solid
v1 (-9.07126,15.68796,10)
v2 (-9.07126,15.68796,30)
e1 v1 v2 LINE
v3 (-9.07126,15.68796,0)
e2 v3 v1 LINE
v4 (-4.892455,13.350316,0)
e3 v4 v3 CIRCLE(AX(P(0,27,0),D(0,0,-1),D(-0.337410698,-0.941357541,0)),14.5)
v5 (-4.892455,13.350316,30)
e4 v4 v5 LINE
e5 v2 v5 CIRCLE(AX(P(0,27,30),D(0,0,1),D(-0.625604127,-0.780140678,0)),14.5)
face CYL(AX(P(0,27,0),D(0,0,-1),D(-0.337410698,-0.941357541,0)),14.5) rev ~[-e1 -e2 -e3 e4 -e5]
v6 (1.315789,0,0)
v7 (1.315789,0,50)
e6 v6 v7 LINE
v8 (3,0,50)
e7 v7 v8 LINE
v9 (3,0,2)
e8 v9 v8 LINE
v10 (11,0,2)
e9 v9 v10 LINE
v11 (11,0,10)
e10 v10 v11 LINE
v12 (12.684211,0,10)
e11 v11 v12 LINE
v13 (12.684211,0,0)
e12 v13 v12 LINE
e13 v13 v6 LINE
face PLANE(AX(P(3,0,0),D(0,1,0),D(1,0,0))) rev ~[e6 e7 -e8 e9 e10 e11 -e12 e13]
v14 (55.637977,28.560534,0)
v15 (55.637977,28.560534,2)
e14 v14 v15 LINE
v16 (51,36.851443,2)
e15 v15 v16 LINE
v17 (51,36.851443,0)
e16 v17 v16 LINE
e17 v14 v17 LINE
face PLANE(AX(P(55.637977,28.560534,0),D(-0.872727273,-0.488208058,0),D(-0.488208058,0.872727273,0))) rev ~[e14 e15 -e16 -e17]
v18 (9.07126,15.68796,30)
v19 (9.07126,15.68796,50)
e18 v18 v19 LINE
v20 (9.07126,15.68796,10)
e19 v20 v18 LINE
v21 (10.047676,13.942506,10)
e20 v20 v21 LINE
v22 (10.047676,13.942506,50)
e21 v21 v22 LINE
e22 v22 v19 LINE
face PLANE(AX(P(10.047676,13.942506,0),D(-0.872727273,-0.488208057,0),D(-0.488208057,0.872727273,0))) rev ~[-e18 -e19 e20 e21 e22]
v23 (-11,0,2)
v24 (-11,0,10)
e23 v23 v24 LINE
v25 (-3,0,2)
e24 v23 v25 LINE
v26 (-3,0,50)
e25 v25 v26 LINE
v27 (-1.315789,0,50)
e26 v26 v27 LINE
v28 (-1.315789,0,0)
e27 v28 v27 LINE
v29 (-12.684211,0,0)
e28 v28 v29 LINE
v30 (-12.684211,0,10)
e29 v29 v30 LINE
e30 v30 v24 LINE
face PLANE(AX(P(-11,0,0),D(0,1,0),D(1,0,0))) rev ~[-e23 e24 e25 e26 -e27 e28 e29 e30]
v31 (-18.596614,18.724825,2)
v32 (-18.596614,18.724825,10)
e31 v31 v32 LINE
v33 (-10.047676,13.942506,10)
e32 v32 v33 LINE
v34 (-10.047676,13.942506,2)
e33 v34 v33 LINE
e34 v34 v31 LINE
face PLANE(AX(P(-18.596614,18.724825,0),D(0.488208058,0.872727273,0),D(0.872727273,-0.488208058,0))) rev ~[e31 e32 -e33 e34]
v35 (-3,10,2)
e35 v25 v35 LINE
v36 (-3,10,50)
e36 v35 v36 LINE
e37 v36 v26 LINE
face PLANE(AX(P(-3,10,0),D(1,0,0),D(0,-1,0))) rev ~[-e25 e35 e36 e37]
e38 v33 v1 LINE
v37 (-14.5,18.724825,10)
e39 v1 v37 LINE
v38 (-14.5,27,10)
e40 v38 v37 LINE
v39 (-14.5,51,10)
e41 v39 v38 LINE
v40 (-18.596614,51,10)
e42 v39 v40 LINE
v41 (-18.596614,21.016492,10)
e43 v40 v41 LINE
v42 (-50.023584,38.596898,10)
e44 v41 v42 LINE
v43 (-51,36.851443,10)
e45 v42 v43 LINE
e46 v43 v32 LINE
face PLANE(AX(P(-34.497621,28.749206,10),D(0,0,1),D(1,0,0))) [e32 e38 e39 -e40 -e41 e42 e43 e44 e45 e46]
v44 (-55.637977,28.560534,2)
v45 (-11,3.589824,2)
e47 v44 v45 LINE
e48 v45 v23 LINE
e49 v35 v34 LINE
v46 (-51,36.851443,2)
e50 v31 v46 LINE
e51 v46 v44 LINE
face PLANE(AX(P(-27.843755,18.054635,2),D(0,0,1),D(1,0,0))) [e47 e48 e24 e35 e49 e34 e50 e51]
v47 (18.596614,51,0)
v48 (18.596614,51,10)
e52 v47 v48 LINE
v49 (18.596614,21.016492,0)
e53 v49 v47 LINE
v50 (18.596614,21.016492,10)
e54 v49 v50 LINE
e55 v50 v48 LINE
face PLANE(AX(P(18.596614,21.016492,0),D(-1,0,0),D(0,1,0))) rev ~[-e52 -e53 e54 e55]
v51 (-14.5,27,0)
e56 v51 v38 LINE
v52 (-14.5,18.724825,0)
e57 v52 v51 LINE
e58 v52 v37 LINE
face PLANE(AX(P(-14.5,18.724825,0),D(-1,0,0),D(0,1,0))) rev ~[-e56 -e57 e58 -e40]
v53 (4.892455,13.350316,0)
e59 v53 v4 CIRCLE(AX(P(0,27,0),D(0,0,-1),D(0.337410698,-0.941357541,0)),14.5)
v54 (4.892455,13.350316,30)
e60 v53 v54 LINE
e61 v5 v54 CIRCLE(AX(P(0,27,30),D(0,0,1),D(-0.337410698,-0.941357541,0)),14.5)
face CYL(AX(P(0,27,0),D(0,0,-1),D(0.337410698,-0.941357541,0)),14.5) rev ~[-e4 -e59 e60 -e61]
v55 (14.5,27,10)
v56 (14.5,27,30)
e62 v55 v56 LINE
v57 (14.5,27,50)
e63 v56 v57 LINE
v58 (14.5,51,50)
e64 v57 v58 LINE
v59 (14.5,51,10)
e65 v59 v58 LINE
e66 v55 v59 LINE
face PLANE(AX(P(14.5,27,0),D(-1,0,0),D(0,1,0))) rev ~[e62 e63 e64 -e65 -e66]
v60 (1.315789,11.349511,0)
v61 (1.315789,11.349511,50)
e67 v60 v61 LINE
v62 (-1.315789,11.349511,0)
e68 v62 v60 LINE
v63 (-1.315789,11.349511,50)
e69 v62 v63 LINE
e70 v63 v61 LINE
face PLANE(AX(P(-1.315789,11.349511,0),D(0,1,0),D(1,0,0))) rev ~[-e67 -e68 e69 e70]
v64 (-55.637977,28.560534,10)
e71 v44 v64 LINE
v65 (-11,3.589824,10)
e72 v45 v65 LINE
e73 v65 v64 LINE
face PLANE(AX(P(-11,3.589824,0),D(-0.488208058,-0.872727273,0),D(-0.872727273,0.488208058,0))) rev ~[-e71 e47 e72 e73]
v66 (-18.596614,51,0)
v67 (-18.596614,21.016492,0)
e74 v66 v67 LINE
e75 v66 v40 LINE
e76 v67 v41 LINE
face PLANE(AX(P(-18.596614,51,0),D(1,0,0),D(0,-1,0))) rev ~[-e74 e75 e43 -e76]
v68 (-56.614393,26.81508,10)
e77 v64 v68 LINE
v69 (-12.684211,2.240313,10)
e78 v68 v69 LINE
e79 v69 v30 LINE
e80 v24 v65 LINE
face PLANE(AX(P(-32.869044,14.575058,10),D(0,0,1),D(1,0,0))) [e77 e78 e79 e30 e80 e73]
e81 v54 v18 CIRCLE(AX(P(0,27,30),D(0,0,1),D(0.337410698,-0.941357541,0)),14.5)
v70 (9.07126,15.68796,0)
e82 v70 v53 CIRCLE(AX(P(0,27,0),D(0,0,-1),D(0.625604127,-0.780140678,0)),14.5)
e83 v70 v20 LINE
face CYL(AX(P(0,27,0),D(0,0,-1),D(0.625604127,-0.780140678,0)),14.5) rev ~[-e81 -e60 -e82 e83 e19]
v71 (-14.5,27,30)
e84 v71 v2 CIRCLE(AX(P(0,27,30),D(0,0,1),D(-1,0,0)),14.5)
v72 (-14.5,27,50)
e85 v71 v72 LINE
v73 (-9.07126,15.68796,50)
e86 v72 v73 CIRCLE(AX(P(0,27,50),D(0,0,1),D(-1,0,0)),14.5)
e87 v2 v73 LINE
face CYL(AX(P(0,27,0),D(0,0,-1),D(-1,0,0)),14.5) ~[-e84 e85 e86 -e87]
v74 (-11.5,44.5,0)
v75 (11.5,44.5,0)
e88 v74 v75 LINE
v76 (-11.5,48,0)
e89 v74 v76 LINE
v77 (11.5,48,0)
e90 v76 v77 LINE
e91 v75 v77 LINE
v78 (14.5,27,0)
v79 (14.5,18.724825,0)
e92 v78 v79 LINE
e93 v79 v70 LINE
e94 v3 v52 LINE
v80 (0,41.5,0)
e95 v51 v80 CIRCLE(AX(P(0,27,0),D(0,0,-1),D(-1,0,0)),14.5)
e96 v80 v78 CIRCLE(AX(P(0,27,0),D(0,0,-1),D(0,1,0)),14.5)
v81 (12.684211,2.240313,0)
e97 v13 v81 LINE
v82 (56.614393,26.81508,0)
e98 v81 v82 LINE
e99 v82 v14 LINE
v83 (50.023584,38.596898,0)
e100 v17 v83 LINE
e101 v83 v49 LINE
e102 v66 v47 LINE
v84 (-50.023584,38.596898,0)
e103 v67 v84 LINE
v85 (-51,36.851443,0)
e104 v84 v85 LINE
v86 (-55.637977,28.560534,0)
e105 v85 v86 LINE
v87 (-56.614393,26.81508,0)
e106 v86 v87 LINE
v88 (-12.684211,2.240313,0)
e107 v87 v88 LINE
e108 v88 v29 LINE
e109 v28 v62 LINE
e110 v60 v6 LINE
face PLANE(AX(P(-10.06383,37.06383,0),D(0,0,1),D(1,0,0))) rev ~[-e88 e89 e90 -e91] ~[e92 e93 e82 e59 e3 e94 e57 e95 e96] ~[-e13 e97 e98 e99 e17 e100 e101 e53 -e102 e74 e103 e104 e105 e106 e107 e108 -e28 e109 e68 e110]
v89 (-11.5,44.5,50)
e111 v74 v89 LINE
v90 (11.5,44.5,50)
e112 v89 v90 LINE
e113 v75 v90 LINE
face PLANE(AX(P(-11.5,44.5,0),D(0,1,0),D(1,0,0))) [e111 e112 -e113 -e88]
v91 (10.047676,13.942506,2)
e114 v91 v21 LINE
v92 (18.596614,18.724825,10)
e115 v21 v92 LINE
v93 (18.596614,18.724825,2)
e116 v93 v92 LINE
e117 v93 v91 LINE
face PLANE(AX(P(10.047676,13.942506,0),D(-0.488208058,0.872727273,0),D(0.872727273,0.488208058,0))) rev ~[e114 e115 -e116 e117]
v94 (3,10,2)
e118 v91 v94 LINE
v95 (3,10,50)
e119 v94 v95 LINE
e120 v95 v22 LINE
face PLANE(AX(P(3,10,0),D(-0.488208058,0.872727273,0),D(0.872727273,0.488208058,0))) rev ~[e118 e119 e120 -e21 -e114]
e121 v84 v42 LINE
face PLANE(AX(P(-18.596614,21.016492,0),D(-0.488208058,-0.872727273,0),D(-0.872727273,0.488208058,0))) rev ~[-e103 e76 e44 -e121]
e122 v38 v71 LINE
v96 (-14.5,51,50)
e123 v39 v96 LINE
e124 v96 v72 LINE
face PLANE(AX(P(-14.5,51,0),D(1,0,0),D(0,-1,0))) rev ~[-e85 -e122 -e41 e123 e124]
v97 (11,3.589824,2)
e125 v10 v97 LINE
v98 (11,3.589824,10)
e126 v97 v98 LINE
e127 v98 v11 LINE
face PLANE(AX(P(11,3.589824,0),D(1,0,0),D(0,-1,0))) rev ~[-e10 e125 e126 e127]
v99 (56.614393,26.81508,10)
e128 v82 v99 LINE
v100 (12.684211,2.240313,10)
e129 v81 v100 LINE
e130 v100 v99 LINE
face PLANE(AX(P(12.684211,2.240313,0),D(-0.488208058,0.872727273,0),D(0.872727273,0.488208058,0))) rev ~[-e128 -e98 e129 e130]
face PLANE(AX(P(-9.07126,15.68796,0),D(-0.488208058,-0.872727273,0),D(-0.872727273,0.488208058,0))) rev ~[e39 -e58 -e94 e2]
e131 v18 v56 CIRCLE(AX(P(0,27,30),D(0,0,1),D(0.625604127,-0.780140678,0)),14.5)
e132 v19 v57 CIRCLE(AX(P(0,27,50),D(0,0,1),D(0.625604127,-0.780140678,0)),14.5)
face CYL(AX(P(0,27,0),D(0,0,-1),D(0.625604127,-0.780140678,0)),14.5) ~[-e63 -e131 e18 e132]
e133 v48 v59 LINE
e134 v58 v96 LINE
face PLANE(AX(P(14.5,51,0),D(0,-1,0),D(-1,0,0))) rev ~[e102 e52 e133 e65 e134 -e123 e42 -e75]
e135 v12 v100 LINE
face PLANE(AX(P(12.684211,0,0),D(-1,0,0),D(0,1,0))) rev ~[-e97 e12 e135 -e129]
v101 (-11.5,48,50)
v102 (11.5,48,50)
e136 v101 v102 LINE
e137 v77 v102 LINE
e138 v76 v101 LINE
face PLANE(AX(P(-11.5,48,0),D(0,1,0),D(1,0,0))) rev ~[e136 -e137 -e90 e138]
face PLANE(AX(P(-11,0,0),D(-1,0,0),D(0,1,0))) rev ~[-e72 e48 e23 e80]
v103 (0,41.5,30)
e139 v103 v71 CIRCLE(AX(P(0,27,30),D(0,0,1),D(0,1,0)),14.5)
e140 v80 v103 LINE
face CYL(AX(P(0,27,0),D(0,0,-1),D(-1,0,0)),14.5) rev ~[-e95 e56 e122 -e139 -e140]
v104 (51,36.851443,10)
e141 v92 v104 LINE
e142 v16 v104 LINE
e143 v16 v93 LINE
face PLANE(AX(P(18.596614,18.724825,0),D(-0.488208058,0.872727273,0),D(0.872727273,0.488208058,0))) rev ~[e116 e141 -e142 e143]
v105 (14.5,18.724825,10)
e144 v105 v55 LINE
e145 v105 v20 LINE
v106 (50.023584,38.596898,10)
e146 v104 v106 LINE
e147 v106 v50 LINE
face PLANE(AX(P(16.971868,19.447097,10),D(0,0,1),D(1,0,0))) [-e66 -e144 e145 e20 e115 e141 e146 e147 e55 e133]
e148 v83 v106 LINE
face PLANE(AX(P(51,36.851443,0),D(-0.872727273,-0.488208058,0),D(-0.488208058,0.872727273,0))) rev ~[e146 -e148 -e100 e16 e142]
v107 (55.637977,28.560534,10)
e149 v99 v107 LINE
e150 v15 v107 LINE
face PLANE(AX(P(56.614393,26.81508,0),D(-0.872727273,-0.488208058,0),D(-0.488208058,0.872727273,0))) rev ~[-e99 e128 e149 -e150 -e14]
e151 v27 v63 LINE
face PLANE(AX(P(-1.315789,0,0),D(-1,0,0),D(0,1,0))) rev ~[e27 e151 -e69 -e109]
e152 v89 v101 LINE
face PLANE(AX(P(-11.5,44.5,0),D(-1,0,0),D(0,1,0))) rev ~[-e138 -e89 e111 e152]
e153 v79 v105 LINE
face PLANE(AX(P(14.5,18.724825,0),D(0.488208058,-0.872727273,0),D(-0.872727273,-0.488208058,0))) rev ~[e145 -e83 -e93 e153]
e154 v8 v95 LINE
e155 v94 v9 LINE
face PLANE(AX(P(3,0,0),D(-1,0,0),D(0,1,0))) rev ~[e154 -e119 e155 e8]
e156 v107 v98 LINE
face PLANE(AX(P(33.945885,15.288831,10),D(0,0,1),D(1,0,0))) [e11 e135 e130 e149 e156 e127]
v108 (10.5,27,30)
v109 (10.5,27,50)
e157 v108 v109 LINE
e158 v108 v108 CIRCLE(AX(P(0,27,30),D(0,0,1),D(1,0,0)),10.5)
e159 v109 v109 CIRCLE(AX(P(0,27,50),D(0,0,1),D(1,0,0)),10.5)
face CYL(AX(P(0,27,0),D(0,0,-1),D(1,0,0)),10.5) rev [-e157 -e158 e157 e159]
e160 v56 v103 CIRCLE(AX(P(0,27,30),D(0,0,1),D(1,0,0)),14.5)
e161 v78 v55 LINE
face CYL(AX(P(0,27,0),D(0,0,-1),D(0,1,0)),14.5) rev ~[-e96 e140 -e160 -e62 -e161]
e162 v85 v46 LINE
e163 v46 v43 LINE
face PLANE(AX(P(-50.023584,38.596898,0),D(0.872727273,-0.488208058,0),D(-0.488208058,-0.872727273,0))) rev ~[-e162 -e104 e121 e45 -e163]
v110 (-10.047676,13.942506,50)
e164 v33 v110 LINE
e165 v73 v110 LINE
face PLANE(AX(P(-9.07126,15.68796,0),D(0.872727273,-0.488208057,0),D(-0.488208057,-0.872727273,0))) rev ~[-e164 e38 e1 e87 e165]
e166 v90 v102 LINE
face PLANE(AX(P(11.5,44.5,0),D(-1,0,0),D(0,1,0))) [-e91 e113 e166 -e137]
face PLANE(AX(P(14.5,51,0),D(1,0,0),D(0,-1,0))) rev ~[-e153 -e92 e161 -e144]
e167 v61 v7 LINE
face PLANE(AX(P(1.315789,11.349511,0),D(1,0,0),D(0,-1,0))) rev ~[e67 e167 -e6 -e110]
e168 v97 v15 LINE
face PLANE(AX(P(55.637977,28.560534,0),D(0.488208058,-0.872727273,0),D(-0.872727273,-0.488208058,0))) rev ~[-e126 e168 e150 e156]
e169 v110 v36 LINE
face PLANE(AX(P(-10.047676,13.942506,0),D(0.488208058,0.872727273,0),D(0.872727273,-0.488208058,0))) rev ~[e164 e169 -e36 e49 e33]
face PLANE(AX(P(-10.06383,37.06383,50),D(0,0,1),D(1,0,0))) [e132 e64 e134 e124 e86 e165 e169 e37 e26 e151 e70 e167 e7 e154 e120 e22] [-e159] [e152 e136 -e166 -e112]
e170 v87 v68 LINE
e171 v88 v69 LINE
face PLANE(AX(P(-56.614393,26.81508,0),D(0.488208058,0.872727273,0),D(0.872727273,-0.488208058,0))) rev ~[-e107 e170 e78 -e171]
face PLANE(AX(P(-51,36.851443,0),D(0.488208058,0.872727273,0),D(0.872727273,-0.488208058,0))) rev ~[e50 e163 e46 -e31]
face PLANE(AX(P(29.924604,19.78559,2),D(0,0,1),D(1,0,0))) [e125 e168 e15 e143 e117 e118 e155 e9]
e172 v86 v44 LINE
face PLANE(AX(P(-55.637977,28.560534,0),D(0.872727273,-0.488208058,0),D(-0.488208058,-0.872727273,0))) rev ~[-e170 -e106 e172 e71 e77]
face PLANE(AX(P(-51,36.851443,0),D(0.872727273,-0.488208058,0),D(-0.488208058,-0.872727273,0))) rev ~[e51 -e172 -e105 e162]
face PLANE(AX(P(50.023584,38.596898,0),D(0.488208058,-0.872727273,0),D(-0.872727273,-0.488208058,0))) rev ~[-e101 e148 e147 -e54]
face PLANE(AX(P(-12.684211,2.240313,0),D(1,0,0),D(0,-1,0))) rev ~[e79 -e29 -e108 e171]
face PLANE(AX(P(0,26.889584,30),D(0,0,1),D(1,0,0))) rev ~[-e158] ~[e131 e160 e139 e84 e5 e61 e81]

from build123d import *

# Parameters (mm, degrees)
F1_DEPTH = 10
F2_DEPTH = 2
F0_R     = 10.5
F3_DEPTH = 50
F4_DEPTH = 30
F0_W     = 23
F0_H     = 3.5
F5_DEPTH = 50


with BuildPart() as f1:
    # F0 (on Top) → F1 (new body)
    with BuildSketch(Plane.XY):
        Polygon((-12.6842105263, 0), (-11, 0), (-11, 3.5898238607), (-55.6379765465, 28.5605340733), (-56.6143926616, 26.8150795278), (-12.6842105263, 2.2403130945), align=None)
    extrude(amount=F1_DEPTH)



with BuildPart() as f1b:
    # F0 (on Top) → F1, piece 2 (new body)
    with BuildSketch(Plane.XY):
        Polygon((-51, 36.8514431642), (-18.596614075, 18.7248249248), (-18.596614075, 21.0164915914), (-50.0235838849, 38.5968977096), align=None)
        Polygon((-18.596614075, 21.0164915914), (-18.596614075, 18.7248249248), (-14.5, 18.7248249248), align=None)
        Polygon((-18.596614075, 21.0164915914), (-14.5, 18.7248249248), (-14.5, 27), (-14.5, 41.5), (-14.5, 51), (-18.596614075, 51), align=None)
        Polygon((-18.596614075, 18.7248249248), (-10.0476759502, 13.9425056295), (-9.0712598352, 15.687960175), (-14.5, 18.7248249248), align=None)
    extrude(amount=F1_DEPTH)


with BuildPart() as f1c:
    # F0 (on Top) → F1, piece 3 (new body)
    with BuildSketch(Plane.XY):
        Polygon((18.596614075, 21.0164915914), (14.5, 18.7248249248), (18.596614075, 18.7248249248), align=None)
        Polygon((18.596614075, 21.0164915914), (18.596614075, 18.7248249248), (51, 36.8514431642), (50.0235838849, 38.5968977096), align=None)
        Polygon((14.5, 51), (14.5, 41.5), (14.5, 27), (14.5, 18.7248249248), (18.596614075, 21.0164915914), (18.596614075, 51), align=None)
        Polygon((14.5, 18.7248249248), (9.0712598352, 15.687960175), (10.0476759502, 13.9425056295), (18.596614075, 18.7248249248), align=None)
    extrude(amount=F1_DEPTH)



with BuildPart() as f1d:
    # F0 (on Top) → F1, piece 4 (new body)
    with BuildSketch(Plane.XY):
        Polygon((55.6379765465, 28.5605340733), (11, 3.5898238607), (12.6842105263, 2.2403130945), (56.6143926616, 26.8150795278), align=None)
        Polygon((11, 3.5898238607), (11, 0), (12.6842105263, 0), (12.6842105263, 2.2403130945), align=None)
    extrude(amount=F1_DEPTH)


with BuildPart() as f1_1:
    add(f1.part)

    add(f1b.part)  # F2 merges F1b
    # F0 (on Top) → F2 (join)
    with BuildSketch(Plane.XY):
        Polygon((-11, 0), (-3, 0), (-3, 10), (-10.0476759502, 13.9425056295), (-18.596614075, 18.7248249248), (-51, 36.8514431642), (-55.6379765465, 28.5605340733), (-11, 3.5898238607), align=None)
    extrude(amount=F2_DEPTH)



with BuildPart() as f1c_1:
    add(f1c.part)

    add(f1d.part)  # F2#2 merges F1d
    # F0 (on Top) → F2, piece 2 (join)
    with BuildSketch(Plane.XY):
        Polygon((10.0476759502, 13.9425056295), (3, 10), (11, 3.5898238607), (55.6379765465, 28.5605340733), (51, 36.8514431642), (18.596614075, 18.7248249248), align=None)
        Polygon((3, 10), (3, 0), (11, 0), (11, 3.5898238607), align=None)
    extrude(amount=F2_DEPTH)


with BuildPart() as f1_2:
    add(f1_1.part)

    add(f1c_1.part)  # F3 merges F1c
    # F0 (on Top) → F3 (join)
    with BuildSketch(Plane.XY):
        with BuildLine():
            ThreePointArc((-14.5, 27), (-13.0725526889, 20.7263753543), (-9.0712598352, 15.687960175))
            Line((-9.0712598352, 15.687960175), (-4.8924551228, 13.3503156494))
            ThreePointArc((-4.8924551228, 13.3503156494), (0, 12.5), (4.8924551228, 13.3503156494))
            Line((4.8924551228, 13.3503156494), (9.0712598352, 15.687960175))
            ThreePointArc((9.0712598352, 15.687960175), (13.0725526889, 20.7263753543), (14.5, 27))
            ThreePointArc((14.5, 27), (10.2530483272, 37.2530483272), (0, 41.5))
            ThreePointArc((0, 41.5), (-10.2530483272, 37.2530483272), (-14.5, 27))
        make_face()
        with Locations((0, 27)):
            Circle(F0_R, mode=Mode.SUBTRACT)
        with BuildLine():
            Line((-4.8924551228, 13.3503156494), (-9.0712598352, 15.687960175))
            ThreePointArc((-9.0712598352, 15.687960175), (-7.0790168342, 14.3454545455), (-4.8924551228, 13.3503156494))
        make_face()
        with BuildLine():
            Line((9.0712598352, 15.687960175), (4.8924551228, 13.3503156494))
            ThreePointArc((4.8924551228, 13.3503156494), (7.0790168342, 14.3454545455), (9.0712598352, 15.687960175))
        make_face()
    extrude(amount=F3_DEPTH)

    # F0 (on Top) → F4 (cut)
    with BuildSketch(Plane.XY):
        with BuildLine():
            ThreePointArc((-14.5, 27), (-13.0725526889, 20.7263753543), (-9.0712598352, 15.687960175))
            Line((-9.0712598352, 15.687960175), (-4.8924551228, 13.3503156494))
            ThreePointArc((-4.8924551228, 13.3503156494), (0, 12.5), (4.8924551228, 13.3503156494))
            Line((4.8924551228, 13.3503156494), (9.0712598352, 15.687960175))
            ThreePointArc((9.0712598352, 15.687960175), (13.0725526889, 20.7263753543), (14.5, 27))
            ThreePointArc((14.5, 27), (10.2530483272, 37.2530483272), (0, 41.5))
            ThreePointArc((0, 41.5), (-10.2530483272, 37.2530483272), (-14.5, 27))
        make_face()
        with Locations((0, 27)):
            Circle(F0_R, mode=Mode.SUBTRACT)
        with BuildLine():
            Line((-4.8924551228, 13.3503156494), (-9.0712598352, 15.687960175))
            ThreePointArc((-9.0712598352, 15.687960175), (-7.0790168342, 14.3454545455), (-4.8924551228, 13.3503156494))
        make_face()
        with BuildLine():
            Line((9.0712598352, 15.687960175), (4.8924551228, 13.3503156494))
            ThreePointArc((4.8924551228, 13.3503156494), (7.0790168342, 14.3454545455), (9.0712598352, 15.687960175))
        make_face()
    extrude(amount=F4_DEPTH, mode=Mode.SUBTRACT)

    # F0 (on Top) → F5 (join)
    with BuildSketch(Plane.XY):
        with BuildLine():
            Line((-14.5, 41.5), (-14.5, 27))
            ThreePointArc((-14.5, 27), (-10.2530483272, 37.2530483272), (0, 41.5))
            Line((0, 41.5), (-14.5, 41.5))
        make_face()
        with BuildLine():
            Line((14.5, 41.5), (0, 41.5))
            ThreePointArc((0, 41.5), (10.2530483272, 37.2530483272), (14.5, 27))
            Line((14.5, 27), (14.5, 41.5))
        make_face()
        with BuildLine():
            Line((-4.8924551228, 13.3503156494), (-1.3157894737, 11.3495107662))
            Line((-1.3157894737, 11.3495107662), (1.3157894737, 11.3495107662))
            Line((1.3157894737, 11.3495107662), (4.8924551228, 13.3503156494))
            ThreePointArc((4.8924551228, 13.3503156494), (0, 12.5), (-4.8924551228, 13.3503156494))
        make_face()
        Polygon((-14.5, 41.5), (0, 41.5), (14.5, 41.5), (14.5, 51), (-14.5, 51), align=None)
        with Locations((0, 46.25)):
            Rectangle(F0_W, F0_H, mode=Mode.SUBTRACT)
        with BuildLine():
            Line((1.3157894737, 11.3495107662), (1.3157894737, 0))
            Line((1.3157894737, 0), (3, 0))
            Line((3, 0), (3, 10))
            Line((3, 10), (10.0476759502, 13.9425056295))
            Line((10.0476759502, 13.9425056295), (9.0712598352, 15.687960175))
            ThreePointArc((9.0712598352, 15.687960175), (7.0790168342, 14.3454545455), (4.8924551228, 13.3503156494))
            Line((4.8924551228, 13.3503156494), (1.3157894737, 11.3495107662))
        make_face()
        with BuildLine():
            Line((-3, 10), (-3, 0))
            Line((-3, 0), (-1.3157894737, 0))
            Line((-1.3157894737, 0), (-1.3157894737, 11.3495107662))
            Line((-1.3157894737, 11.3495107662), (-4.8924551228, 13.3503156494))
            ThreePointArc((-4.8924551228, 13.3503156494), (-7.0790168342, 14.3454545455), (-9.0712598352, 15.687960175))
            Line((-9.0712598352, 15.687960175), (-10.0476759502, 13.9425056295))
            Line((-10.0476759502, 13.9425056295), (-3, 10))
        make_face()
    extrude(amount=F5_DEPTH)


solid = f1_2.part
